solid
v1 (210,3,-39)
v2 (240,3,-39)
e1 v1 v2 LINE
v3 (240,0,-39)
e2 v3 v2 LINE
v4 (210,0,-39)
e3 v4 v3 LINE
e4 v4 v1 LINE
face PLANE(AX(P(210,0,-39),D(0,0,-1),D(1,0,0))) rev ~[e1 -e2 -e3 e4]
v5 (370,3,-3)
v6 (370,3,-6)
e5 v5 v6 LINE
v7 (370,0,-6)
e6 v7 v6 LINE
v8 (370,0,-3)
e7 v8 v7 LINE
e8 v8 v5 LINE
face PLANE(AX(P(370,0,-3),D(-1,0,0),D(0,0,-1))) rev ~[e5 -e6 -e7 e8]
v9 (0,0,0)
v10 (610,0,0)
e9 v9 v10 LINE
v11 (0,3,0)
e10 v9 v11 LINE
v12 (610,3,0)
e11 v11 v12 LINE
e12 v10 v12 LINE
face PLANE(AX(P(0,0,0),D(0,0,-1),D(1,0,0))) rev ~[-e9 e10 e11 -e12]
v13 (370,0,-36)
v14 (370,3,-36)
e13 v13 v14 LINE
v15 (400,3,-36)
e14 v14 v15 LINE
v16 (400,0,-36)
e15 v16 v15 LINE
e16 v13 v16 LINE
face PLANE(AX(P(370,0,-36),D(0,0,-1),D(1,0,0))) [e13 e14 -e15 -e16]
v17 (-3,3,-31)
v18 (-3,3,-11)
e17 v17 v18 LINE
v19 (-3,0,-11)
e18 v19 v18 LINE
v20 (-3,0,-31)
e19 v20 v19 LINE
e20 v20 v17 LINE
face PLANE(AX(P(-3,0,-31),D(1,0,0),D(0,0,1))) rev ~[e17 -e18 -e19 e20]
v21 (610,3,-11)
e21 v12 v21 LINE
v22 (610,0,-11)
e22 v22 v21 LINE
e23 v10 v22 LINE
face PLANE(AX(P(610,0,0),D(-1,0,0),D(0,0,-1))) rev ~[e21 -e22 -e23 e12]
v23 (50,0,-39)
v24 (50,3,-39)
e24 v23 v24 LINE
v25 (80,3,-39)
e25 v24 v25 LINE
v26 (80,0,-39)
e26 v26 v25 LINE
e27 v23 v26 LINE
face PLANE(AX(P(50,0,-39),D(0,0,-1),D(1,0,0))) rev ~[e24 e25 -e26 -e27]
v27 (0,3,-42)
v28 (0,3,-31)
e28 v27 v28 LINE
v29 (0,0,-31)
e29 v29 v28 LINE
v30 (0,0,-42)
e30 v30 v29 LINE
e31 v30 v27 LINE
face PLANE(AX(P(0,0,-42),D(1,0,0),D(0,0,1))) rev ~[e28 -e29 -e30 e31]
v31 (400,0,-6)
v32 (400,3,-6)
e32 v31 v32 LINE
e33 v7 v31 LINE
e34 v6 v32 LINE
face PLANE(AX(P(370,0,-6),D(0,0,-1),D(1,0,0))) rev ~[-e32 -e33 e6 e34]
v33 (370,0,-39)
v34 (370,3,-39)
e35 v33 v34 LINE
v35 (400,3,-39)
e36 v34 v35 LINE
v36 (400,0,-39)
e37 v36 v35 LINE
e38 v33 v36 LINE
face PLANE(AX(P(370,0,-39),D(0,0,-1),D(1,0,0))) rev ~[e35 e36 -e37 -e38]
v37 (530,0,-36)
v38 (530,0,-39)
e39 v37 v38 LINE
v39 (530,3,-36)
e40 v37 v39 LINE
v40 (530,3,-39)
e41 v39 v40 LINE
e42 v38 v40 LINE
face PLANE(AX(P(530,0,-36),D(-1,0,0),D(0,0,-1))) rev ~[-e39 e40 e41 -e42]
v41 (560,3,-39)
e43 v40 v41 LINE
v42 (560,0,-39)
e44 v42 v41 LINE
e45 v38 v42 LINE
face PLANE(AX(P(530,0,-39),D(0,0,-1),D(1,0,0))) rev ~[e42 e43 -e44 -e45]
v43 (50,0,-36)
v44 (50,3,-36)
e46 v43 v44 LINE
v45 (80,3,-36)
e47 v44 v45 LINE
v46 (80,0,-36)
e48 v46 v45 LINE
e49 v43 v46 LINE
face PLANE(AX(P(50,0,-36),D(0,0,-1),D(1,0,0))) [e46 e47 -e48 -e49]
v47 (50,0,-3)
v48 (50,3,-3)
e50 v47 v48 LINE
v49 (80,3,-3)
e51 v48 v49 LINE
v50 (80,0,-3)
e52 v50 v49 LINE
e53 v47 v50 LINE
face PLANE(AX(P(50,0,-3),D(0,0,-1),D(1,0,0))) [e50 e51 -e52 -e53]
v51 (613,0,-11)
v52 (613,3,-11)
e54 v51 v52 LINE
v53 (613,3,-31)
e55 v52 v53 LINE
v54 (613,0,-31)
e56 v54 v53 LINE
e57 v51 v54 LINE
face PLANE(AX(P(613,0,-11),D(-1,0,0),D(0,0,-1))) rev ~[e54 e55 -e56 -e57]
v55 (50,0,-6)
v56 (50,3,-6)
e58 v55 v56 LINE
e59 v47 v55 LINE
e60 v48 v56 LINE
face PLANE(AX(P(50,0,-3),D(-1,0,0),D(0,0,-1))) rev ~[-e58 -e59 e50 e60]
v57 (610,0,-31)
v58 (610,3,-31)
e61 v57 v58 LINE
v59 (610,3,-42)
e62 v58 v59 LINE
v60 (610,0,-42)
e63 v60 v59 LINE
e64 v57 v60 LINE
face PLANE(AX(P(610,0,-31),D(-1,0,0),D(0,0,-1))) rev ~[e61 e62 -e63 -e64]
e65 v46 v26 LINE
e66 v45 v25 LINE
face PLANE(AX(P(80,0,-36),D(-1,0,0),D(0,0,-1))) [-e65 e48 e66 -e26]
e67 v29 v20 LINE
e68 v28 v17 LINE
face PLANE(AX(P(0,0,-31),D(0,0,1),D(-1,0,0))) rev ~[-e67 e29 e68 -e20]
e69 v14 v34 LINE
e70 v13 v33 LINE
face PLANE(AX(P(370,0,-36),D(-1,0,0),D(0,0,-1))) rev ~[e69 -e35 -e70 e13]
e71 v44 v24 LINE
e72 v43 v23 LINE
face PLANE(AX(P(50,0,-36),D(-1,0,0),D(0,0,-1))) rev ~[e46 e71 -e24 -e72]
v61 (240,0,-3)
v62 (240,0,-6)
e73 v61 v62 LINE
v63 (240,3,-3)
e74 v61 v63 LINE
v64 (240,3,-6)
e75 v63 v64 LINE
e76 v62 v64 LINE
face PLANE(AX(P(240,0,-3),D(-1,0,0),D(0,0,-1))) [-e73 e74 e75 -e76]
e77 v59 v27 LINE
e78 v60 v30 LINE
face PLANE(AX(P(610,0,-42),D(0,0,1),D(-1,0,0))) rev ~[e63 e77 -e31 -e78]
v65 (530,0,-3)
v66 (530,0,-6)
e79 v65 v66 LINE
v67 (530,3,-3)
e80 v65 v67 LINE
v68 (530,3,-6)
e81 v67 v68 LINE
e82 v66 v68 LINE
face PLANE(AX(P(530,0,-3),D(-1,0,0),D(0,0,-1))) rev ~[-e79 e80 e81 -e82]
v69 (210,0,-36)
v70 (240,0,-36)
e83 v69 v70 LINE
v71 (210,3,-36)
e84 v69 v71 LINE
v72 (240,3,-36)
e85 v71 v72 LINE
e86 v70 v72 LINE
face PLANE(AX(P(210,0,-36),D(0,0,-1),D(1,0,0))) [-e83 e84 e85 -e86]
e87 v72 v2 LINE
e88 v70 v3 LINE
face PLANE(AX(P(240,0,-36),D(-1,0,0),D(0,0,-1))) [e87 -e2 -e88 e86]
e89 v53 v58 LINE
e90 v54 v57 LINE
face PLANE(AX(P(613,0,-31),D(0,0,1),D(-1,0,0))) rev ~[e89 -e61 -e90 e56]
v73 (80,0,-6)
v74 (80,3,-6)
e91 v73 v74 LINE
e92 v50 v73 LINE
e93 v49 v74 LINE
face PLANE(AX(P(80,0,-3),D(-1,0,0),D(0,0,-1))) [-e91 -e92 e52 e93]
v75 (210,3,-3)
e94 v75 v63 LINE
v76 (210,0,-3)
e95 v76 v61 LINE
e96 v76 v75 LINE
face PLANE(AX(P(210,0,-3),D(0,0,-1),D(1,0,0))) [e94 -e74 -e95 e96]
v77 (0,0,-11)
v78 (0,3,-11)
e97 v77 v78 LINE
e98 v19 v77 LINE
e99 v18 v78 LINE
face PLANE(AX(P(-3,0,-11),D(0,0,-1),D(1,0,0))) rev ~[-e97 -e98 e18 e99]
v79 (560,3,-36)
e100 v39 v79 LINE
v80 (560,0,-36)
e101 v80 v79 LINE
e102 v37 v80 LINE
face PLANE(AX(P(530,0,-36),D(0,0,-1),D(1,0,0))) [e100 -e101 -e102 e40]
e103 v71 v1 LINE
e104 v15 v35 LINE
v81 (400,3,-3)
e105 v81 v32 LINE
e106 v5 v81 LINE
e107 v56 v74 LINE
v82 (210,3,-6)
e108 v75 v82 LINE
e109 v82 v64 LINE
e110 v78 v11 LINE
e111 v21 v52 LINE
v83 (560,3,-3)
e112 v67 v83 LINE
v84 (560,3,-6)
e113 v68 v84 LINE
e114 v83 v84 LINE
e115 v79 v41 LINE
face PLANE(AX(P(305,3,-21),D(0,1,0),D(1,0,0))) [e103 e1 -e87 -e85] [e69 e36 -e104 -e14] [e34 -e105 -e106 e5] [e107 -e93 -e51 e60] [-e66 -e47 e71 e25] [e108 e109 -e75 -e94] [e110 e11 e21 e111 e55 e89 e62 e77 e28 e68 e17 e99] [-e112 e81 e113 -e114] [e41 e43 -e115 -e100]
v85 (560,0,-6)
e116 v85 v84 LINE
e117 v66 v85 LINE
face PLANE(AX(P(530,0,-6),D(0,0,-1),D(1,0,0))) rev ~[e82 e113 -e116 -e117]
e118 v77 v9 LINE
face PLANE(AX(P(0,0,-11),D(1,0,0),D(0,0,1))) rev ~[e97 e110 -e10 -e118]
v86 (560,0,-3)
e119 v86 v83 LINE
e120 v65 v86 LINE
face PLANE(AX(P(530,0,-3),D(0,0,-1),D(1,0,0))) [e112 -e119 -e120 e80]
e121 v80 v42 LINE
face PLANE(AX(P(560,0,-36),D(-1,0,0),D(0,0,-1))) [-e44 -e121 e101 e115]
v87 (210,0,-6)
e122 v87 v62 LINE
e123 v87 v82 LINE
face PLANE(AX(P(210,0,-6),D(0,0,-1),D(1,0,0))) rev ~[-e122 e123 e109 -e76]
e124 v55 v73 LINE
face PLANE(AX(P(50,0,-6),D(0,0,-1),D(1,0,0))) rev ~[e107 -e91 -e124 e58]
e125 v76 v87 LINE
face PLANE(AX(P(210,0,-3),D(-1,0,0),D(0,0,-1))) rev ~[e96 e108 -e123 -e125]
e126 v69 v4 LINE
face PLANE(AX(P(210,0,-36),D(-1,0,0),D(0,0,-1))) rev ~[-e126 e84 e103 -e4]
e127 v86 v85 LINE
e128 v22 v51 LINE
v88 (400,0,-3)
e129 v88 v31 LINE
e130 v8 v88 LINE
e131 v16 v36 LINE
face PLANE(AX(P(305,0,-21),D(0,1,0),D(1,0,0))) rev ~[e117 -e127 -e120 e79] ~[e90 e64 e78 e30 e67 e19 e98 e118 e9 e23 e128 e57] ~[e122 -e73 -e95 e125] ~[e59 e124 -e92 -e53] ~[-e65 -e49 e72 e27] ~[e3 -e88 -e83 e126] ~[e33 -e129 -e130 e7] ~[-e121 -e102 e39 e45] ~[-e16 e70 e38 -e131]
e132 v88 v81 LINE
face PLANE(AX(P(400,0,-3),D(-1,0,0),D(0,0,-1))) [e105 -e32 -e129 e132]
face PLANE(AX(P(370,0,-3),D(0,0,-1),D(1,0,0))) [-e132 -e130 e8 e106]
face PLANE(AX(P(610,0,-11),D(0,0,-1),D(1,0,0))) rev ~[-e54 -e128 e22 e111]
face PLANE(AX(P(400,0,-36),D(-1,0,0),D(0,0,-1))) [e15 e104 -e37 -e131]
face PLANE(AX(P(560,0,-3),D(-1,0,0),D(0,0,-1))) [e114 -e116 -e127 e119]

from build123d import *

# Parameters (mm, degrees)
SKETCH1_W           = 30
SKETCH1_H           = 3
BOSS_EXTRUDE1_DEPTH = 3


with BuildPart() as part:
    # Sketch1 → Boss-Extrude1 (new body)
    with BuildSketch(Plane(origin=(0, 0, 0), x_dir=(1, 0, 0), z_dir=(0, 1, 0))):
        Polygon((0, 0), (610, 0), (610, 11), (613, 11), (613, 31), (610, 31), (610, 42), (0, 42), (0, 31), (-3, 31), (-3, 11), (0, 11), align=None)
        with Locations((65, 4.5)):
            Rectangle(SKETCH1_W, SKETCH1_H, mode=Mode.SUBTRACT)
        with Locations((225, 4.5)):
            Rectangle(SKETCH1_W, SKETCH1_H, mode=Mode.SUBTRACT)
        with Locations((385, 4.5)):
            Rectangle(SKETCH1_W, SKETCH1_H, mode=Mode.SUBTRACT)
        with Locations((545, 4.5)):
            Rectangle(SKETCH1_W, SKETCH1_H, mode=Mode.SUBTRACT)
        with Locations((545, 37.5)):
            Rectangle(SKETCH1_W, SKETCH1_H, mode=Mode.SUBTRACT)
        with Locations((385, 37.5)):
            Rectangle(SKETCH1_W, SKETCH1_H, mode=Mode.SUBTRACT)
        with Locations((225, 37.5)):
            Rectangle(SKETCH1_W, SKETCH1_H, mode=Mode.SUBTRACT)
        with Locations((65, 37.5)):
            Rectangle(SKETCH1_W, SKETCH1_H, mode=Mode.SUBTRACT)
    extrude(amount=BOSS_EXTRUDE1_DEPTH)


solid = part.part
